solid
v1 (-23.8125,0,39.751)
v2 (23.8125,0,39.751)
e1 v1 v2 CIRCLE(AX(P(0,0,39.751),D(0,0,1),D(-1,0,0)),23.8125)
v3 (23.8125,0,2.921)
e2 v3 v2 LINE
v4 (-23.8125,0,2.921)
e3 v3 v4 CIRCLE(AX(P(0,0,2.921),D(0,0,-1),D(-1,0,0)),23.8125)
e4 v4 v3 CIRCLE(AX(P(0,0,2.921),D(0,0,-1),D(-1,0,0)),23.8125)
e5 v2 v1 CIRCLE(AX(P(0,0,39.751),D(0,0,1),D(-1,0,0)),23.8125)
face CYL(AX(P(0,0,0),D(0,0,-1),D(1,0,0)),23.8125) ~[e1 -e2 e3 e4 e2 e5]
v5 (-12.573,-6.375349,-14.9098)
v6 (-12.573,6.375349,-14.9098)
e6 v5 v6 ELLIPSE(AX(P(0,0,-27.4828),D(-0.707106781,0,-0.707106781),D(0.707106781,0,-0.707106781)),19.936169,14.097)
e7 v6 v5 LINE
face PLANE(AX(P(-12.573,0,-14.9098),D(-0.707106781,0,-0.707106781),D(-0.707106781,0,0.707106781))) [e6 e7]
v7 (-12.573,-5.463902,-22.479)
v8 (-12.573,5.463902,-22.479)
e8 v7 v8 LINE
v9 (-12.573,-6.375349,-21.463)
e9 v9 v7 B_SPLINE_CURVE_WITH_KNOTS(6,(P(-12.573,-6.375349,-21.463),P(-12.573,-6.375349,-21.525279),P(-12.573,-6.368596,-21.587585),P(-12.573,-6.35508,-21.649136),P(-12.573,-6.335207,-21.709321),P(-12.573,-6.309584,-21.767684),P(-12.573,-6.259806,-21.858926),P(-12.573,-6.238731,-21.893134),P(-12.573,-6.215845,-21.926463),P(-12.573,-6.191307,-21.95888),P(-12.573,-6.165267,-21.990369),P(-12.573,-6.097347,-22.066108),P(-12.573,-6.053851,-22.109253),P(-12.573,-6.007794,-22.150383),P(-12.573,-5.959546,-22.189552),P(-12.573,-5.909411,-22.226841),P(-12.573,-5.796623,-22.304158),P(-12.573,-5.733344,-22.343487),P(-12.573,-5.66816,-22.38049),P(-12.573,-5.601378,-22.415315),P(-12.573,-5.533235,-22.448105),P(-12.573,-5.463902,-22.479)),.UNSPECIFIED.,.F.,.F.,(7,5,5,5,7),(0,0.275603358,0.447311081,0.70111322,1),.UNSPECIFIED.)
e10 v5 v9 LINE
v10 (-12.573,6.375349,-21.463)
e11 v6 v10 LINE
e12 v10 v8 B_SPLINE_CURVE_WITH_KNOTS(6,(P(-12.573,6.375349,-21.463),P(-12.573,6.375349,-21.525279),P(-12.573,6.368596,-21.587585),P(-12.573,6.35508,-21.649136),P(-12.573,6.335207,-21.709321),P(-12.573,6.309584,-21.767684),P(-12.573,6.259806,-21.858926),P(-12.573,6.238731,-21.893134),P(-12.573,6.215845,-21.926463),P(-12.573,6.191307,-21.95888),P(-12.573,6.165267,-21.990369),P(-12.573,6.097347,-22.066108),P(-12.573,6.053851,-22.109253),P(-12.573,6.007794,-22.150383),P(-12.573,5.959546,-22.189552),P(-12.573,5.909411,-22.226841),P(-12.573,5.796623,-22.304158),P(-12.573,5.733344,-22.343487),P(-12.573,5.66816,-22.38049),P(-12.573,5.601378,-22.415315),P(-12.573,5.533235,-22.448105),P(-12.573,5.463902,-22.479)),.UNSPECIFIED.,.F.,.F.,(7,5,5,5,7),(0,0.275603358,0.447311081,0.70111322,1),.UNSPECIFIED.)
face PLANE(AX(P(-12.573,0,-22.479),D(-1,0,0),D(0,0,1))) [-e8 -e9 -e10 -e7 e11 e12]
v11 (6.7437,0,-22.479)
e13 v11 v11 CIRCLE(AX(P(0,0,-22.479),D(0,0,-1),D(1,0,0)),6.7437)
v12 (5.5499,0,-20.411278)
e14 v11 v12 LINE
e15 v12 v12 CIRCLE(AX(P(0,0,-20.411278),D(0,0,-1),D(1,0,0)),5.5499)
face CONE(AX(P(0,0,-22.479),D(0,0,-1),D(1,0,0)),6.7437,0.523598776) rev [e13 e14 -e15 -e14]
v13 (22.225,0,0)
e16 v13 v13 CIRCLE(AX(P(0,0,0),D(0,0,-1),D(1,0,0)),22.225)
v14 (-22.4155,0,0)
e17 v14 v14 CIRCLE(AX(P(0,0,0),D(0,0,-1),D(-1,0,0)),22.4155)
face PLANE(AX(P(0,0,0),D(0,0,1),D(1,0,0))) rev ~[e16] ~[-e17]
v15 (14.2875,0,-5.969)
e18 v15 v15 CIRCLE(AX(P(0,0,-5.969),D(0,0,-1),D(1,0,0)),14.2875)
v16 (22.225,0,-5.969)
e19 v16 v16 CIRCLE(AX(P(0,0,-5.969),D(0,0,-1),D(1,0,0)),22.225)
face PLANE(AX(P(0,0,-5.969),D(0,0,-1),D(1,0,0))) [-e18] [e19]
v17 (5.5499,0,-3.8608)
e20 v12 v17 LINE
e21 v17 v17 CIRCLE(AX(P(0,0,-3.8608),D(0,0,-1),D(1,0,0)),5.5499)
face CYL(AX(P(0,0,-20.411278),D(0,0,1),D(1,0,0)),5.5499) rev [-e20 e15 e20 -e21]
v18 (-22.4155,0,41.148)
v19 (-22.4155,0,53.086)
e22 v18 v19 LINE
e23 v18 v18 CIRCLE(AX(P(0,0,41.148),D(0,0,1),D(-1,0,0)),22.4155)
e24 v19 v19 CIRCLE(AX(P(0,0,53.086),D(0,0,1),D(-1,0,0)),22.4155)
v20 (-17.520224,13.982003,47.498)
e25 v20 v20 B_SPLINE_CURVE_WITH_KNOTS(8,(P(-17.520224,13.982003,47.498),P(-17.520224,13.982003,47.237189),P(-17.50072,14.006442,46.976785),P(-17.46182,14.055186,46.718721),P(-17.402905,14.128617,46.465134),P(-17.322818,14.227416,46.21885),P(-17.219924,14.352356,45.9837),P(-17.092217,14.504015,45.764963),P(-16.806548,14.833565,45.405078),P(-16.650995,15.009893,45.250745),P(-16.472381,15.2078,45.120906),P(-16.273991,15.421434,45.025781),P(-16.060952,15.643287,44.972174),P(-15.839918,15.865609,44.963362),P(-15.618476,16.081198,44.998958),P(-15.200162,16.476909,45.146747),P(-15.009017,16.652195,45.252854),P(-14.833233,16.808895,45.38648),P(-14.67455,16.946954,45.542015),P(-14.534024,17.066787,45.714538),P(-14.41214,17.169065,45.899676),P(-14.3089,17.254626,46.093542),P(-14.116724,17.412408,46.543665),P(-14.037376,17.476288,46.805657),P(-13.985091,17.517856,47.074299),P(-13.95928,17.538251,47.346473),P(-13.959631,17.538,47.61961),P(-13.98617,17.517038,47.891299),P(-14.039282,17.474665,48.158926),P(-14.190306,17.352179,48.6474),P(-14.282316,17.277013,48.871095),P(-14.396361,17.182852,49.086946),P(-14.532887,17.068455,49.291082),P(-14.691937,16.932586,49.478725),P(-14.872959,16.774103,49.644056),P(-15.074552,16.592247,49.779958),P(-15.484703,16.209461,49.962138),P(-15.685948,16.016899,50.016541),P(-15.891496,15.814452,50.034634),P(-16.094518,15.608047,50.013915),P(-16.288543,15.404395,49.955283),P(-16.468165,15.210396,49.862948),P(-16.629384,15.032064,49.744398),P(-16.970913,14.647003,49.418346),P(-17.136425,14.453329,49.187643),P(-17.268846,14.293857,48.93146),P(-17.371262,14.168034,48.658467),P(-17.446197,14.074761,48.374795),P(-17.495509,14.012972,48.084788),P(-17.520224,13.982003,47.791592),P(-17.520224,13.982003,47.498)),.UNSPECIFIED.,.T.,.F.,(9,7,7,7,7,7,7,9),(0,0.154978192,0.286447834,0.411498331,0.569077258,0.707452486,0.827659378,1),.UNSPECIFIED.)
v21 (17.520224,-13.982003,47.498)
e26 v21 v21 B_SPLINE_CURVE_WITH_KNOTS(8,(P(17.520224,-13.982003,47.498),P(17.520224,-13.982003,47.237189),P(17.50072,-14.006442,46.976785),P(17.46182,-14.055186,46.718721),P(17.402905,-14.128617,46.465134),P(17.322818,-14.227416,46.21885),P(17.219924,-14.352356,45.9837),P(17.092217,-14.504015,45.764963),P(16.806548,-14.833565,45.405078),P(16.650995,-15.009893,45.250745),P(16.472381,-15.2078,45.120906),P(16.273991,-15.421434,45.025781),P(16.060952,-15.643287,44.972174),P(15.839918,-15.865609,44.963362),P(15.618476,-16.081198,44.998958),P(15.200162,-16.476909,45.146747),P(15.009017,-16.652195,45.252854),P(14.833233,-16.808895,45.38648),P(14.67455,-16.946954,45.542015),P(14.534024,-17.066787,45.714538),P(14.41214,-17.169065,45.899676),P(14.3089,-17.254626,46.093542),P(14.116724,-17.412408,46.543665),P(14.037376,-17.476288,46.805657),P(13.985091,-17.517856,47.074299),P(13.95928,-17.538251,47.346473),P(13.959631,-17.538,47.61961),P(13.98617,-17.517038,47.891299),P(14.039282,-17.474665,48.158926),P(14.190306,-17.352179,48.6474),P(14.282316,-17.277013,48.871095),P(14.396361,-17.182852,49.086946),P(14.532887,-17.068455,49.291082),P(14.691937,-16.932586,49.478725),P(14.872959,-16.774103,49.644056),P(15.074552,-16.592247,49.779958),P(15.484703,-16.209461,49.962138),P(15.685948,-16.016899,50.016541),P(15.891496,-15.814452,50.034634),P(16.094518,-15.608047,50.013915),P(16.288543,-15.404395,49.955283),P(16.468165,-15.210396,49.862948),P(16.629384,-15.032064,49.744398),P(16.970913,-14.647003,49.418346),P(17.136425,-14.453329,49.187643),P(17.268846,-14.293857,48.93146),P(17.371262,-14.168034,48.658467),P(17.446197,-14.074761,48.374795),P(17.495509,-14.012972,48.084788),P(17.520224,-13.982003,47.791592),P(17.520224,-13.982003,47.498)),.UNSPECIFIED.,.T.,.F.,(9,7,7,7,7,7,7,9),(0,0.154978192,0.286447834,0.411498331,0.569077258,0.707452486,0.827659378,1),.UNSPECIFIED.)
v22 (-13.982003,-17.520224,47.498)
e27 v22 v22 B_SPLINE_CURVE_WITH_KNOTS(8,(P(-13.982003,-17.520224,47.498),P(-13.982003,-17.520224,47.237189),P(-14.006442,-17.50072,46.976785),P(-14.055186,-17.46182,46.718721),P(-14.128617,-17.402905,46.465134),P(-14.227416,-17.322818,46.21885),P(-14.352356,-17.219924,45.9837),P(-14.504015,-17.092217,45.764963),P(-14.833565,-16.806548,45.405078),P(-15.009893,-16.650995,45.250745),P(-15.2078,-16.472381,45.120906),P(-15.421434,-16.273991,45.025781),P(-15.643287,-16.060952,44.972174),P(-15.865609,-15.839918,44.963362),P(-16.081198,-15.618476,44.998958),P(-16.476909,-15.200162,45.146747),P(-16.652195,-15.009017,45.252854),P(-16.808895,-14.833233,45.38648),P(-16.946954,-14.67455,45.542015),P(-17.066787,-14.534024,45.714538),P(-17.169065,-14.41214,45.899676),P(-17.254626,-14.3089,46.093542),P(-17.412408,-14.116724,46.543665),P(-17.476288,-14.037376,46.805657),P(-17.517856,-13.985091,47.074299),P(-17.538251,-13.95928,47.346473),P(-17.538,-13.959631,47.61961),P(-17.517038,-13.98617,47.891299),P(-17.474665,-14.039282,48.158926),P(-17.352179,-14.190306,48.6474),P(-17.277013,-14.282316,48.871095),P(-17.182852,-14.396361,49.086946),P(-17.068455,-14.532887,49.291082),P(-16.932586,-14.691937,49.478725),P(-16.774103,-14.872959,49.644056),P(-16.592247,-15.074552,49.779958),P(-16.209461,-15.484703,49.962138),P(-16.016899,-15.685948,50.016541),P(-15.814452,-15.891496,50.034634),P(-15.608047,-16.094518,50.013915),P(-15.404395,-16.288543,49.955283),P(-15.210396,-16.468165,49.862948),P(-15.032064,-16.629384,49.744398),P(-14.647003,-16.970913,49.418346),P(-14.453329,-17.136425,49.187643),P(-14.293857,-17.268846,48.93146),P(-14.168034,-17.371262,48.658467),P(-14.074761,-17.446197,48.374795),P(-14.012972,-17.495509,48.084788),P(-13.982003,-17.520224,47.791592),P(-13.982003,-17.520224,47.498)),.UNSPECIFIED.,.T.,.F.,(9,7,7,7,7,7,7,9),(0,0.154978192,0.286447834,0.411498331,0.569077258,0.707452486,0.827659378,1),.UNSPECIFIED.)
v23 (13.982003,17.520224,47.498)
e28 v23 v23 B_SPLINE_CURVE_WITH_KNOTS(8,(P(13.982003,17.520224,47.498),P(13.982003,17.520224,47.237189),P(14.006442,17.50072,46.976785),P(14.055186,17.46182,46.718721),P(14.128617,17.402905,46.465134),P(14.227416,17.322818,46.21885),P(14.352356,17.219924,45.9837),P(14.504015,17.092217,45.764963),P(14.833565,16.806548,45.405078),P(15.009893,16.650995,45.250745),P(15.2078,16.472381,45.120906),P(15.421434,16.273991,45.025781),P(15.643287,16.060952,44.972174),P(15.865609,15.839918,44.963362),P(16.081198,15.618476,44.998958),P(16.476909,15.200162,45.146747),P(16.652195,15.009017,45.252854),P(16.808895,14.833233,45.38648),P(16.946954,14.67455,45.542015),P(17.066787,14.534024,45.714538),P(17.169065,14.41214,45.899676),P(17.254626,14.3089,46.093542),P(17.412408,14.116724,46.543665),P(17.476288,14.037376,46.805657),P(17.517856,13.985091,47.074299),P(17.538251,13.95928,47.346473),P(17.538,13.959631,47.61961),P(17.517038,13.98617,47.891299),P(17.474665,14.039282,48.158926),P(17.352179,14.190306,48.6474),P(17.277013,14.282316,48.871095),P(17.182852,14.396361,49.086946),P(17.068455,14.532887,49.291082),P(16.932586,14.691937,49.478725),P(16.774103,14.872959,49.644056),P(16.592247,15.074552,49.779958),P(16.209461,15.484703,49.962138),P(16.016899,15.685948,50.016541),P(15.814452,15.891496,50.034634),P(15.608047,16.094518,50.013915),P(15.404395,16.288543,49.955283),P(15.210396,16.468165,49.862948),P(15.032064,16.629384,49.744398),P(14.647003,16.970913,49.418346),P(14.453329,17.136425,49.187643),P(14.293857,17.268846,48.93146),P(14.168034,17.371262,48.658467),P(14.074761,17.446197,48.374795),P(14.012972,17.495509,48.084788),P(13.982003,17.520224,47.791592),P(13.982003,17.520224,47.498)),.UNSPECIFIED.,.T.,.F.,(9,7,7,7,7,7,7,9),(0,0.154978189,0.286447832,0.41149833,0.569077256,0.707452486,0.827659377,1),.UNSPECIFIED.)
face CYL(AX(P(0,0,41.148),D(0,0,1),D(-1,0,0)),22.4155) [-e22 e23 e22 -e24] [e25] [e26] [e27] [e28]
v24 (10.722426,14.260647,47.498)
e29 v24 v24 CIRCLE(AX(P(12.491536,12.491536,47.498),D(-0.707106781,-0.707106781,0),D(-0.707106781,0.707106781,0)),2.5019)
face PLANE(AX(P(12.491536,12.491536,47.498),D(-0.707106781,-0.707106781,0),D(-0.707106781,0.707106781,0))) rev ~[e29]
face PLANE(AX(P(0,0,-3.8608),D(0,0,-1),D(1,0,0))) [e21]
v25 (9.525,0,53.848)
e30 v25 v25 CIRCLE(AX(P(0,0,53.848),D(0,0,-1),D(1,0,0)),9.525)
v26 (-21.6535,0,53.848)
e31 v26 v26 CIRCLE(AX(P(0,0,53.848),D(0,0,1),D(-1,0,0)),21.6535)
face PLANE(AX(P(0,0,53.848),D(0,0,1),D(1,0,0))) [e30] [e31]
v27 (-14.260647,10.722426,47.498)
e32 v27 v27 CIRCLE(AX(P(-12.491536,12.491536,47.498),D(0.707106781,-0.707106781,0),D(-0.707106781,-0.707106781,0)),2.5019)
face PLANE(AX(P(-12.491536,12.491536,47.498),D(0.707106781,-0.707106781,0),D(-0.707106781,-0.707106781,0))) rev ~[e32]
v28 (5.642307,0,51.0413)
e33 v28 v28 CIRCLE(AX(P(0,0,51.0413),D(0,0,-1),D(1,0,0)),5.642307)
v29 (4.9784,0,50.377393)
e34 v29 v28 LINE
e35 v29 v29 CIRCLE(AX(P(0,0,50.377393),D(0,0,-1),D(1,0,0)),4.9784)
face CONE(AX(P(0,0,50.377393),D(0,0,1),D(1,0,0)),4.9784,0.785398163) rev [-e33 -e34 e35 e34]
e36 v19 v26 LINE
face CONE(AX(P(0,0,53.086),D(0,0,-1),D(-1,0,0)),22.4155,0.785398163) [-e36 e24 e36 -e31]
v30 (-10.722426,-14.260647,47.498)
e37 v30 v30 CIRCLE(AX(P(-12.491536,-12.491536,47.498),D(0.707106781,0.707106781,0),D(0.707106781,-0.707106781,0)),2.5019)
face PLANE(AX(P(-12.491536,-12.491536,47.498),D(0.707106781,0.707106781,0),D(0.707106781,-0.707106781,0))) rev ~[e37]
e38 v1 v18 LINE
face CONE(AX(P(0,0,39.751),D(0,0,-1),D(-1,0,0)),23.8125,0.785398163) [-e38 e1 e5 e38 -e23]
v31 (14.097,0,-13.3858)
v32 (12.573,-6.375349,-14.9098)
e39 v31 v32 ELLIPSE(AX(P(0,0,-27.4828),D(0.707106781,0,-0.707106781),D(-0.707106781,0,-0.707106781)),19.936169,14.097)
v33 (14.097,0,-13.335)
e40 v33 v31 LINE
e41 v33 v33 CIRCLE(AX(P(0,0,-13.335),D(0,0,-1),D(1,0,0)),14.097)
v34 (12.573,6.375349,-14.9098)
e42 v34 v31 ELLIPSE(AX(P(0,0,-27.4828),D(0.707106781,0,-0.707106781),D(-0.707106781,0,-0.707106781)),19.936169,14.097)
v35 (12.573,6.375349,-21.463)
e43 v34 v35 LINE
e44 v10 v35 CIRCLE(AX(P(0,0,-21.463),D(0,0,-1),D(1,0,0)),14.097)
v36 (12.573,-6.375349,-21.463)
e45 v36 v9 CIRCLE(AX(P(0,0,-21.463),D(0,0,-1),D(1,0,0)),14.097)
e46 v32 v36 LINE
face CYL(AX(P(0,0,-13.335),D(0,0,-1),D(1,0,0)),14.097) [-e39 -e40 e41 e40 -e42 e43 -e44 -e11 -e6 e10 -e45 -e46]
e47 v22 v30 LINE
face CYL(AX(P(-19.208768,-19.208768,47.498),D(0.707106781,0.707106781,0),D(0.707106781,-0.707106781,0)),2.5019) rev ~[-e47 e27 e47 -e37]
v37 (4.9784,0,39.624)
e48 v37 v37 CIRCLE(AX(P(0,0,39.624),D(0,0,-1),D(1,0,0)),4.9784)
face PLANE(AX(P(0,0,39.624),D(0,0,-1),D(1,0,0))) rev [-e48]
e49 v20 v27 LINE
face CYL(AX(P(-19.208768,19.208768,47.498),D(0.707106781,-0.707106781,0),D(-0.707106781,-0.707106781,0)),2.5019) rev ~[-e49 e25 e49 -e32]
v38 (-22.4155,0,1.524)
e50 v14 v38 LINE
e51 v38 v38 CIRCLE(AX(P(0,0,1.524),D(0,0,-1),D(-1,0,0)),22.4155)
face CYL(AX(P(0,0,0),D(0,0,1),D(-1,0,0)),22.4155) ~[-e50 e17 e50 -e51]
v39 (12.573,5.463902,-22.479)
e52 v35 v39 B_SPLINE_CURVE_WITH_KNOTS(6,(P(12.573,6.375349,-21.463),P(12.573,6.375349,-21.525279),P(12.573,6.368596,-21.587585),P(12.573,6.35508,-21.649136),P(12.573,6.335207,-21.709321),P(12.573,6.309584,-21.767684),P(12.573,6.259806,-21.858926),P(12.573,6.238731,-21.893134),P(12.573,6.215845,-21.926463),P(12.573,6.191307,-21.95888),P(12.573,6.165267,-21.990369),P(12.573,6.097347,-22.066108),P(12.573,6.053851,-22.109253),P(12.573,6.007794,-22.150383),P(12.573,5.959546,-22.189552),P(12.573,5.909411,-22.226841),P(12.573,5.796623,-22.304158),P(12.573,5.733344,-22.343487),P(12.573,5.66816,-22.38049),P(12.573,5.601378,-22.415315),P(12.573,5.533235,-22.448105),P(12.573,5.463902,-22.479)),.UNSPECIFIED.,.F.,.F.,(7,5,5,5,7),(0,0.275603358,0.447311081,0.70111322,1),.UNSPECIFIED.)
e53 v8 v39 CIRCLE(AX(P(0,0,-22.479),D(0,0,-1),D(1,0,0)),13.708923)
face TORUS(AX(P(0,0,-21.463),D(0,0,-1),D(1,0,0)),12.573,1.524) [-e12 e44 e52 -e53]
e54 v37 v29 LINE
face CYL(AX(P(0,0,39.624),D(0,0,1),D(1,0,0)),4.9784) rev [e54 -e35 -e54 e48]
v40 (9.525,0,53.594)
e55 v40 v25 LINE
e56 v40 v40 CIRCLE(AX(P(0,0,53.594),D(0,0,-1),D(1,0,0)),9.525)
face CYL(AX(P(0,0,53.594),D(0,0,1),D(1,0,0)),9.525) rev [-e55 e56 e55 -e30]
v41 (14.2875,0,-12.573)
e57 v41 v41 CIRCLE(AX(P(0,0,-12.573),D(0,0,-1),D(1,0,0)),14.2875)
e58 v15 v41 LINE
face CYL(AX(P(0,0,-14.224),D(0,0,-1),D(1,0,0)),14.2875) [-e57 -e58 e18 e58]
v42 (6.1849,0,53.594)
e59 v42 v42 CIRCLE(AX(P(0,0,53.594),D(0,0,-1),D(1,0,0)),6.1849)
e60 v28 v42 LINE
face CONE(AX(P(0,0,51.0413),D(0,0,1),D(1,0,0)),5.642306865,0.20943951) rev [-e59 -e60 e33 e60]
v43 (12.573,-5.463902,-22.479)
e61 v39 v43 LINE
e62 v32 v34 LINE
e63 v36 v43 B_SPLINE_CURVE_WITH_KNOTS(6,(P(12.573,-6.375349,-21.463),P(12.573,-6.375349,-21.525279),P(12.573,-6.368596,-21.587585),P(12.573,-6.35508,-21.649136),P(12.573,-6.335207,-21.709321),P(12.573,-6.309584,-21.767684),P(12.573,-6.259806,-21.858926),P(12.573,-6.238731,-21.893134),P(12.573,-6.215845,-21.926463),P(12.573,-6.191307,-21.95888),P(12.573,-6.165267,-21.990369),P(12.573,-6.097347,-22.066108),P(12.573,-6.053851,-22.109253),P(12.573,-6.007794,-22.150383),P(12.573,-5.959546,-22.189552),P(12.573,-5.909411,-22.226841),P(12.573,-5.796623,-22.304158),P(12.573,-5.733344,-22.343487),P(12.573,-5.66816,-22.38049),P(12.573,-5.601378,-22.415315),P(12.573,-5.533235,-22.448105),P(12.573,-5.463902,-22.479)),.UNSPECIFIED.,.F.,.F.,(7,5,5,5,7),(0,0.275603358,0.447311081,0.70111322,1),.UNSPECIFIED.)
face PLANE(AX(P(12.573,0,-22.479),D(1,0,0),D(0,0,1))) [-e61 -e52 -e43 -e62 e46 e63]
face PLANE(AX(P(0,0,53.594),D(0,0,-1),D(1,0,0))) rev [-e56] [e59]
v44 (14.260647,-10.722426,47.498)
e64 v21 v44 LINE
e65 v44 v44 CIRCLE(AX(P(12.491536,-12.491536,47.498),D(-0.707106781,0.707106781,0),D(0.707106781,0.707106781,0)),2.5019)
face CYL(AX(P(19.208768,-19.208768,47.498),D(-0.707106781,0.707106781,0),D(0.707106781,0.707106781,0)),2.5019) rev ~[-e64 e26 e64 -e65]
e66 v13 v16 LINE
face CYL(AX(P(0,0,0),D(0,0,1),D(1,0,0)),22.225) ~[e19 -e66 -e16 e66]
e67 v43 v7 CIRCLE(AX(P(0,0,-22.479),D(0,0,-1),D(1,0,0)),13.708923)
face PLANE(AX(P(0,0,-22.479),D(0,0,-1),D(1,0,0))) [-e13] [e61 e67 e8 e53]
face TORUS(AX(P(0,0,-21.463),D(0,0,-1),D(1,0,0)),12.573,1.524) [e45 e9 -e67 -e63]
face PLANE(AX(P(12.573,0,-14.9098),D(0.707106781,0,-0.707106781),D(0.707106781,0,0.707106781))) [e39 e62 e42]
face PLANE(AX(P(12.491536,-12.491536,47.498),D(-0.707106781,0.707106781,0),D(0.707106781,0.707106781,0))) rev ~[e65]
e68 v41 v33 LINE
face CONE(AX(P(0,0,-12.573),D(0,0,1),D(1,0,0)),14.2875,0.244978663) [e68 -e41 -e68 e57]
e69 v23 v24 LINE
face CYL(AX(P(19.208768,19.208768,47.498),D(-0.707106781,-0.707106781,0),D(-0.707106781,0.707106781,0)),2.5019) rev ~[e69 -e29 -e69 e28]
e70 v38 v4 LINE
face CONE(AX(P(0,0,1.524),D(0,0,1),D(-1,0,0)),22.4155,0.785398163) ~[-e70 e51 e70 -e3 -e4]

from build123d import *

# Parameters (mm, degrees)
SKETCH1_R          = 23.8125
EXTRUDE1_DEPTH     = 53.848
CHAMFER1_SIZE      = 0.762
SKETCH6_R          = 22.225
EXTRUDE2_DEPTH     = 5.969
SKETCH7_W          = 16.51
SKETCH7_H          = 14.2875
CUT_EXTRUDE4_DEPTH = 19.84248
HOLE1_D            = 5.0038
HOLE1_DEPTH        = 4.7498
CIRPATTERN1_COUNT  = 4


with BuildPart() as part:
    # Sketch1 → Extrude1 (new body)
    with BuildSketch(Plane.XY):
        Circle(SKETCH1_R)
    extrude(amount=EXTRUDE1_DEPTH)

    # Sketch2 → Cut-Revolve1 (revolve, cut)
    with BuildSketch(Plane(origin=(0, 0, 0), x_dir=(1, 0, 0), z_dir=(0, 1, 0)), mode=Mode.PRIVATE) as cut_revolve1_sk:
        Polygon((23.8125, -53.848), (23.8125, -39.751), (22.4155, -41.148), (22.4155, -53.848), align=None)
    revolve(cut_revolve1_sk.sketch.rotate(Axis((0, 0, 0), (0, 0, 1)), 180), axis=Axis((0, 0, 0), (0, 0, 1)), mode=Mode.SUBTRACT)  # turned: the seam where the file's is

    # Sketch3 → Cut-Revolve2 (revolve, cut)
    with BuildSketch(Plane(origin=(0, 0, 0), x_dir=(1, 0, 0), z_dir=(0, 1, 0)), mode=Mode.PRIVATE) as cut_revolve2_sk:
        Polygon((22.4155, 0), (22.4155, -1.524), (23.8125, -2.921), (23.8125, 0), align=None)
    revolve(cut_revolve2_sk.sketch.rotate(Axis((0, 0, 0), (0, 0, -1)), 180), axis=Axis((0, 0, 0), (0, 0, -1)), mode=Mode.SUBTRACT)  # turned: the seam where the file's is

    # S2D0002 → Cut-Revolve3 (revolve, cut)
    with BuildSketch(Plane(origin=(0, 0, 0), x_dir=(1, 0, 0), z_dir=(0, 1, 0))):
        Polygon((6.1849, -53.594), (9.525, -53.594), (9.525, -53.848), (0, -53.848), (0, -39.624), (4.9784, -39.624), (4.9784, -50.377393135), (5.642306865, -51.0413), align=None)
    revolve(axis=Axis((0, 0, 14.6685), (0, 0, -1)), mode=Mode.SUBTRACT)

    # Chamfer1
    chamfer1_edges = [part.edges().sort_by_distance(p)[0] for p in [
        (22.4155, 0, 53.848),
    ]]
    chamfer(chamfer1_edges, length=CHAMFER1_SIZE)

    # Sketch6 → Extrude2 (add)
    with BuildSketch(Plane(origin=(0, 0, 0), x_dir=(-1, 0, 0), z_dir=(0, 0, -1))):
        with Locations(Location((0, 0, 0), (0, 0, 180))):  # turned: the seam where the file's is
            Circle(SKETCH6_R)
    extrude(amount=EXTRUDE2_DEPTH)

    # Sketch7 → Revolve1 (revolve)
    with BuildSketch(Plane(origin=(0, 0, 0), x_dir=(0, 0, -1), z_dir=(1, 0, 0)), mode=Mode.PRIVATE) as revolve1_sk:
        with Locations((14.224, -7.14375)):
            Rectangle(SKETCH7_W, SKETCH7_H)
    revolve(revolve1_sk.sketch.rotate(Axis((0, 0, 0), (0, 0, -1)), 270), axis=Axis((0, 0, 0), (0, 0, -1)))  # turned: the seam where the file's is

    # S2D0001 → Cut-Revolve5 (revolve, cut)
    with BuildSketch(Plane(origin=(0, 0, 0), x_dir=(1, 0, 0), z_dir=(0, 1, 0))):
        Polygon((5.5499, 20.411277746), (5.5499, 3.8608), (0, 3.8608), (0, 22.479), (6.7437, 22.479), align=None)
    revolve(axis=Axis((0, 0, 31.308359971), (0, 0, -1)), mode=Mode.SUBTRACT)

    # Sketch9 → Cut-Revolve6 (revolve, cut)
    with BuildSketch(Plane(origin=(0, 0, 0), x_dir=(0, -1, 0), z_dir=(1, 0, 0)), mode=Mode.PRIVATE) as cut_revolve6_sk:
        with BuildLine():
            Line((-14.2875, 12.573), (-14.097, 13.335))
            Line((-14.097, 13.335), (-14.097, 21.463))
            ThreePointArc((-14.097, 21.463), (-13.996678675, 22.006796865), (-13.708922533, 22.479))
            Line((-13.708922533, 22.479), (-14.2875, 22.479))
            Line((-14.2875, 22.479), (-14.2875, 12.573))
        make_face()
    revolve(cut_revolve6_sk.sketch.rotate(Axis((0, 0, -12.65936), (0, 0, -1)), 90), axis=Axis((0, 0, -12.65936), (0, 0, -1)), mode=Mode.SUBTRACT)  # turned: the seam where the file's is

    # Sketch13 → Cut-Extrude4 (cut, symmetric)
    with BuildSketch(Plane(origin=(0, 0, 0), x_dir=(1, 0, 0), z_dir=(0, 1, 0))):
        Polygon((12.573, 22.479), (12.573, 14.9098), (14.2875, 13.1953), (14.2875, 22.479), align=None)
        Polygon((-12.573, 22.479), (-12.573, 14.9098), (-14.2875, 13.1953), (-14.2875, 22.479), align=None)
    extrude(amount=CUT_EXTRUDE4_DEPTH, both=True, mode=Mode.SUBTRACT)

    # Hole1
    with Locations(Plane(origin=(-15.850152054, 15.850152054, 47.498), x_dir=(0.707106781, 0.707106781, 0), z_dir=(-0.707106781, 0.707106781, 0))):
        with Locations((0, 0)):
            hole1 = Hole(HOLE1_D / 2, depth=HOLE1_DEPTH)

    # CirPattern1: Hole1 ×4 about axis
    cirpattern1_axis = Axis((0, 0, 0), (0, 0, 1))
    for i in range(1, CIRPATTERN1_COUNT):
        add(hole1.rotate(cirpattern1_axis, i * 360 / CIRPATTERN1_COUNT), mode=Mode.SUBTRACT)


solid = part.part
